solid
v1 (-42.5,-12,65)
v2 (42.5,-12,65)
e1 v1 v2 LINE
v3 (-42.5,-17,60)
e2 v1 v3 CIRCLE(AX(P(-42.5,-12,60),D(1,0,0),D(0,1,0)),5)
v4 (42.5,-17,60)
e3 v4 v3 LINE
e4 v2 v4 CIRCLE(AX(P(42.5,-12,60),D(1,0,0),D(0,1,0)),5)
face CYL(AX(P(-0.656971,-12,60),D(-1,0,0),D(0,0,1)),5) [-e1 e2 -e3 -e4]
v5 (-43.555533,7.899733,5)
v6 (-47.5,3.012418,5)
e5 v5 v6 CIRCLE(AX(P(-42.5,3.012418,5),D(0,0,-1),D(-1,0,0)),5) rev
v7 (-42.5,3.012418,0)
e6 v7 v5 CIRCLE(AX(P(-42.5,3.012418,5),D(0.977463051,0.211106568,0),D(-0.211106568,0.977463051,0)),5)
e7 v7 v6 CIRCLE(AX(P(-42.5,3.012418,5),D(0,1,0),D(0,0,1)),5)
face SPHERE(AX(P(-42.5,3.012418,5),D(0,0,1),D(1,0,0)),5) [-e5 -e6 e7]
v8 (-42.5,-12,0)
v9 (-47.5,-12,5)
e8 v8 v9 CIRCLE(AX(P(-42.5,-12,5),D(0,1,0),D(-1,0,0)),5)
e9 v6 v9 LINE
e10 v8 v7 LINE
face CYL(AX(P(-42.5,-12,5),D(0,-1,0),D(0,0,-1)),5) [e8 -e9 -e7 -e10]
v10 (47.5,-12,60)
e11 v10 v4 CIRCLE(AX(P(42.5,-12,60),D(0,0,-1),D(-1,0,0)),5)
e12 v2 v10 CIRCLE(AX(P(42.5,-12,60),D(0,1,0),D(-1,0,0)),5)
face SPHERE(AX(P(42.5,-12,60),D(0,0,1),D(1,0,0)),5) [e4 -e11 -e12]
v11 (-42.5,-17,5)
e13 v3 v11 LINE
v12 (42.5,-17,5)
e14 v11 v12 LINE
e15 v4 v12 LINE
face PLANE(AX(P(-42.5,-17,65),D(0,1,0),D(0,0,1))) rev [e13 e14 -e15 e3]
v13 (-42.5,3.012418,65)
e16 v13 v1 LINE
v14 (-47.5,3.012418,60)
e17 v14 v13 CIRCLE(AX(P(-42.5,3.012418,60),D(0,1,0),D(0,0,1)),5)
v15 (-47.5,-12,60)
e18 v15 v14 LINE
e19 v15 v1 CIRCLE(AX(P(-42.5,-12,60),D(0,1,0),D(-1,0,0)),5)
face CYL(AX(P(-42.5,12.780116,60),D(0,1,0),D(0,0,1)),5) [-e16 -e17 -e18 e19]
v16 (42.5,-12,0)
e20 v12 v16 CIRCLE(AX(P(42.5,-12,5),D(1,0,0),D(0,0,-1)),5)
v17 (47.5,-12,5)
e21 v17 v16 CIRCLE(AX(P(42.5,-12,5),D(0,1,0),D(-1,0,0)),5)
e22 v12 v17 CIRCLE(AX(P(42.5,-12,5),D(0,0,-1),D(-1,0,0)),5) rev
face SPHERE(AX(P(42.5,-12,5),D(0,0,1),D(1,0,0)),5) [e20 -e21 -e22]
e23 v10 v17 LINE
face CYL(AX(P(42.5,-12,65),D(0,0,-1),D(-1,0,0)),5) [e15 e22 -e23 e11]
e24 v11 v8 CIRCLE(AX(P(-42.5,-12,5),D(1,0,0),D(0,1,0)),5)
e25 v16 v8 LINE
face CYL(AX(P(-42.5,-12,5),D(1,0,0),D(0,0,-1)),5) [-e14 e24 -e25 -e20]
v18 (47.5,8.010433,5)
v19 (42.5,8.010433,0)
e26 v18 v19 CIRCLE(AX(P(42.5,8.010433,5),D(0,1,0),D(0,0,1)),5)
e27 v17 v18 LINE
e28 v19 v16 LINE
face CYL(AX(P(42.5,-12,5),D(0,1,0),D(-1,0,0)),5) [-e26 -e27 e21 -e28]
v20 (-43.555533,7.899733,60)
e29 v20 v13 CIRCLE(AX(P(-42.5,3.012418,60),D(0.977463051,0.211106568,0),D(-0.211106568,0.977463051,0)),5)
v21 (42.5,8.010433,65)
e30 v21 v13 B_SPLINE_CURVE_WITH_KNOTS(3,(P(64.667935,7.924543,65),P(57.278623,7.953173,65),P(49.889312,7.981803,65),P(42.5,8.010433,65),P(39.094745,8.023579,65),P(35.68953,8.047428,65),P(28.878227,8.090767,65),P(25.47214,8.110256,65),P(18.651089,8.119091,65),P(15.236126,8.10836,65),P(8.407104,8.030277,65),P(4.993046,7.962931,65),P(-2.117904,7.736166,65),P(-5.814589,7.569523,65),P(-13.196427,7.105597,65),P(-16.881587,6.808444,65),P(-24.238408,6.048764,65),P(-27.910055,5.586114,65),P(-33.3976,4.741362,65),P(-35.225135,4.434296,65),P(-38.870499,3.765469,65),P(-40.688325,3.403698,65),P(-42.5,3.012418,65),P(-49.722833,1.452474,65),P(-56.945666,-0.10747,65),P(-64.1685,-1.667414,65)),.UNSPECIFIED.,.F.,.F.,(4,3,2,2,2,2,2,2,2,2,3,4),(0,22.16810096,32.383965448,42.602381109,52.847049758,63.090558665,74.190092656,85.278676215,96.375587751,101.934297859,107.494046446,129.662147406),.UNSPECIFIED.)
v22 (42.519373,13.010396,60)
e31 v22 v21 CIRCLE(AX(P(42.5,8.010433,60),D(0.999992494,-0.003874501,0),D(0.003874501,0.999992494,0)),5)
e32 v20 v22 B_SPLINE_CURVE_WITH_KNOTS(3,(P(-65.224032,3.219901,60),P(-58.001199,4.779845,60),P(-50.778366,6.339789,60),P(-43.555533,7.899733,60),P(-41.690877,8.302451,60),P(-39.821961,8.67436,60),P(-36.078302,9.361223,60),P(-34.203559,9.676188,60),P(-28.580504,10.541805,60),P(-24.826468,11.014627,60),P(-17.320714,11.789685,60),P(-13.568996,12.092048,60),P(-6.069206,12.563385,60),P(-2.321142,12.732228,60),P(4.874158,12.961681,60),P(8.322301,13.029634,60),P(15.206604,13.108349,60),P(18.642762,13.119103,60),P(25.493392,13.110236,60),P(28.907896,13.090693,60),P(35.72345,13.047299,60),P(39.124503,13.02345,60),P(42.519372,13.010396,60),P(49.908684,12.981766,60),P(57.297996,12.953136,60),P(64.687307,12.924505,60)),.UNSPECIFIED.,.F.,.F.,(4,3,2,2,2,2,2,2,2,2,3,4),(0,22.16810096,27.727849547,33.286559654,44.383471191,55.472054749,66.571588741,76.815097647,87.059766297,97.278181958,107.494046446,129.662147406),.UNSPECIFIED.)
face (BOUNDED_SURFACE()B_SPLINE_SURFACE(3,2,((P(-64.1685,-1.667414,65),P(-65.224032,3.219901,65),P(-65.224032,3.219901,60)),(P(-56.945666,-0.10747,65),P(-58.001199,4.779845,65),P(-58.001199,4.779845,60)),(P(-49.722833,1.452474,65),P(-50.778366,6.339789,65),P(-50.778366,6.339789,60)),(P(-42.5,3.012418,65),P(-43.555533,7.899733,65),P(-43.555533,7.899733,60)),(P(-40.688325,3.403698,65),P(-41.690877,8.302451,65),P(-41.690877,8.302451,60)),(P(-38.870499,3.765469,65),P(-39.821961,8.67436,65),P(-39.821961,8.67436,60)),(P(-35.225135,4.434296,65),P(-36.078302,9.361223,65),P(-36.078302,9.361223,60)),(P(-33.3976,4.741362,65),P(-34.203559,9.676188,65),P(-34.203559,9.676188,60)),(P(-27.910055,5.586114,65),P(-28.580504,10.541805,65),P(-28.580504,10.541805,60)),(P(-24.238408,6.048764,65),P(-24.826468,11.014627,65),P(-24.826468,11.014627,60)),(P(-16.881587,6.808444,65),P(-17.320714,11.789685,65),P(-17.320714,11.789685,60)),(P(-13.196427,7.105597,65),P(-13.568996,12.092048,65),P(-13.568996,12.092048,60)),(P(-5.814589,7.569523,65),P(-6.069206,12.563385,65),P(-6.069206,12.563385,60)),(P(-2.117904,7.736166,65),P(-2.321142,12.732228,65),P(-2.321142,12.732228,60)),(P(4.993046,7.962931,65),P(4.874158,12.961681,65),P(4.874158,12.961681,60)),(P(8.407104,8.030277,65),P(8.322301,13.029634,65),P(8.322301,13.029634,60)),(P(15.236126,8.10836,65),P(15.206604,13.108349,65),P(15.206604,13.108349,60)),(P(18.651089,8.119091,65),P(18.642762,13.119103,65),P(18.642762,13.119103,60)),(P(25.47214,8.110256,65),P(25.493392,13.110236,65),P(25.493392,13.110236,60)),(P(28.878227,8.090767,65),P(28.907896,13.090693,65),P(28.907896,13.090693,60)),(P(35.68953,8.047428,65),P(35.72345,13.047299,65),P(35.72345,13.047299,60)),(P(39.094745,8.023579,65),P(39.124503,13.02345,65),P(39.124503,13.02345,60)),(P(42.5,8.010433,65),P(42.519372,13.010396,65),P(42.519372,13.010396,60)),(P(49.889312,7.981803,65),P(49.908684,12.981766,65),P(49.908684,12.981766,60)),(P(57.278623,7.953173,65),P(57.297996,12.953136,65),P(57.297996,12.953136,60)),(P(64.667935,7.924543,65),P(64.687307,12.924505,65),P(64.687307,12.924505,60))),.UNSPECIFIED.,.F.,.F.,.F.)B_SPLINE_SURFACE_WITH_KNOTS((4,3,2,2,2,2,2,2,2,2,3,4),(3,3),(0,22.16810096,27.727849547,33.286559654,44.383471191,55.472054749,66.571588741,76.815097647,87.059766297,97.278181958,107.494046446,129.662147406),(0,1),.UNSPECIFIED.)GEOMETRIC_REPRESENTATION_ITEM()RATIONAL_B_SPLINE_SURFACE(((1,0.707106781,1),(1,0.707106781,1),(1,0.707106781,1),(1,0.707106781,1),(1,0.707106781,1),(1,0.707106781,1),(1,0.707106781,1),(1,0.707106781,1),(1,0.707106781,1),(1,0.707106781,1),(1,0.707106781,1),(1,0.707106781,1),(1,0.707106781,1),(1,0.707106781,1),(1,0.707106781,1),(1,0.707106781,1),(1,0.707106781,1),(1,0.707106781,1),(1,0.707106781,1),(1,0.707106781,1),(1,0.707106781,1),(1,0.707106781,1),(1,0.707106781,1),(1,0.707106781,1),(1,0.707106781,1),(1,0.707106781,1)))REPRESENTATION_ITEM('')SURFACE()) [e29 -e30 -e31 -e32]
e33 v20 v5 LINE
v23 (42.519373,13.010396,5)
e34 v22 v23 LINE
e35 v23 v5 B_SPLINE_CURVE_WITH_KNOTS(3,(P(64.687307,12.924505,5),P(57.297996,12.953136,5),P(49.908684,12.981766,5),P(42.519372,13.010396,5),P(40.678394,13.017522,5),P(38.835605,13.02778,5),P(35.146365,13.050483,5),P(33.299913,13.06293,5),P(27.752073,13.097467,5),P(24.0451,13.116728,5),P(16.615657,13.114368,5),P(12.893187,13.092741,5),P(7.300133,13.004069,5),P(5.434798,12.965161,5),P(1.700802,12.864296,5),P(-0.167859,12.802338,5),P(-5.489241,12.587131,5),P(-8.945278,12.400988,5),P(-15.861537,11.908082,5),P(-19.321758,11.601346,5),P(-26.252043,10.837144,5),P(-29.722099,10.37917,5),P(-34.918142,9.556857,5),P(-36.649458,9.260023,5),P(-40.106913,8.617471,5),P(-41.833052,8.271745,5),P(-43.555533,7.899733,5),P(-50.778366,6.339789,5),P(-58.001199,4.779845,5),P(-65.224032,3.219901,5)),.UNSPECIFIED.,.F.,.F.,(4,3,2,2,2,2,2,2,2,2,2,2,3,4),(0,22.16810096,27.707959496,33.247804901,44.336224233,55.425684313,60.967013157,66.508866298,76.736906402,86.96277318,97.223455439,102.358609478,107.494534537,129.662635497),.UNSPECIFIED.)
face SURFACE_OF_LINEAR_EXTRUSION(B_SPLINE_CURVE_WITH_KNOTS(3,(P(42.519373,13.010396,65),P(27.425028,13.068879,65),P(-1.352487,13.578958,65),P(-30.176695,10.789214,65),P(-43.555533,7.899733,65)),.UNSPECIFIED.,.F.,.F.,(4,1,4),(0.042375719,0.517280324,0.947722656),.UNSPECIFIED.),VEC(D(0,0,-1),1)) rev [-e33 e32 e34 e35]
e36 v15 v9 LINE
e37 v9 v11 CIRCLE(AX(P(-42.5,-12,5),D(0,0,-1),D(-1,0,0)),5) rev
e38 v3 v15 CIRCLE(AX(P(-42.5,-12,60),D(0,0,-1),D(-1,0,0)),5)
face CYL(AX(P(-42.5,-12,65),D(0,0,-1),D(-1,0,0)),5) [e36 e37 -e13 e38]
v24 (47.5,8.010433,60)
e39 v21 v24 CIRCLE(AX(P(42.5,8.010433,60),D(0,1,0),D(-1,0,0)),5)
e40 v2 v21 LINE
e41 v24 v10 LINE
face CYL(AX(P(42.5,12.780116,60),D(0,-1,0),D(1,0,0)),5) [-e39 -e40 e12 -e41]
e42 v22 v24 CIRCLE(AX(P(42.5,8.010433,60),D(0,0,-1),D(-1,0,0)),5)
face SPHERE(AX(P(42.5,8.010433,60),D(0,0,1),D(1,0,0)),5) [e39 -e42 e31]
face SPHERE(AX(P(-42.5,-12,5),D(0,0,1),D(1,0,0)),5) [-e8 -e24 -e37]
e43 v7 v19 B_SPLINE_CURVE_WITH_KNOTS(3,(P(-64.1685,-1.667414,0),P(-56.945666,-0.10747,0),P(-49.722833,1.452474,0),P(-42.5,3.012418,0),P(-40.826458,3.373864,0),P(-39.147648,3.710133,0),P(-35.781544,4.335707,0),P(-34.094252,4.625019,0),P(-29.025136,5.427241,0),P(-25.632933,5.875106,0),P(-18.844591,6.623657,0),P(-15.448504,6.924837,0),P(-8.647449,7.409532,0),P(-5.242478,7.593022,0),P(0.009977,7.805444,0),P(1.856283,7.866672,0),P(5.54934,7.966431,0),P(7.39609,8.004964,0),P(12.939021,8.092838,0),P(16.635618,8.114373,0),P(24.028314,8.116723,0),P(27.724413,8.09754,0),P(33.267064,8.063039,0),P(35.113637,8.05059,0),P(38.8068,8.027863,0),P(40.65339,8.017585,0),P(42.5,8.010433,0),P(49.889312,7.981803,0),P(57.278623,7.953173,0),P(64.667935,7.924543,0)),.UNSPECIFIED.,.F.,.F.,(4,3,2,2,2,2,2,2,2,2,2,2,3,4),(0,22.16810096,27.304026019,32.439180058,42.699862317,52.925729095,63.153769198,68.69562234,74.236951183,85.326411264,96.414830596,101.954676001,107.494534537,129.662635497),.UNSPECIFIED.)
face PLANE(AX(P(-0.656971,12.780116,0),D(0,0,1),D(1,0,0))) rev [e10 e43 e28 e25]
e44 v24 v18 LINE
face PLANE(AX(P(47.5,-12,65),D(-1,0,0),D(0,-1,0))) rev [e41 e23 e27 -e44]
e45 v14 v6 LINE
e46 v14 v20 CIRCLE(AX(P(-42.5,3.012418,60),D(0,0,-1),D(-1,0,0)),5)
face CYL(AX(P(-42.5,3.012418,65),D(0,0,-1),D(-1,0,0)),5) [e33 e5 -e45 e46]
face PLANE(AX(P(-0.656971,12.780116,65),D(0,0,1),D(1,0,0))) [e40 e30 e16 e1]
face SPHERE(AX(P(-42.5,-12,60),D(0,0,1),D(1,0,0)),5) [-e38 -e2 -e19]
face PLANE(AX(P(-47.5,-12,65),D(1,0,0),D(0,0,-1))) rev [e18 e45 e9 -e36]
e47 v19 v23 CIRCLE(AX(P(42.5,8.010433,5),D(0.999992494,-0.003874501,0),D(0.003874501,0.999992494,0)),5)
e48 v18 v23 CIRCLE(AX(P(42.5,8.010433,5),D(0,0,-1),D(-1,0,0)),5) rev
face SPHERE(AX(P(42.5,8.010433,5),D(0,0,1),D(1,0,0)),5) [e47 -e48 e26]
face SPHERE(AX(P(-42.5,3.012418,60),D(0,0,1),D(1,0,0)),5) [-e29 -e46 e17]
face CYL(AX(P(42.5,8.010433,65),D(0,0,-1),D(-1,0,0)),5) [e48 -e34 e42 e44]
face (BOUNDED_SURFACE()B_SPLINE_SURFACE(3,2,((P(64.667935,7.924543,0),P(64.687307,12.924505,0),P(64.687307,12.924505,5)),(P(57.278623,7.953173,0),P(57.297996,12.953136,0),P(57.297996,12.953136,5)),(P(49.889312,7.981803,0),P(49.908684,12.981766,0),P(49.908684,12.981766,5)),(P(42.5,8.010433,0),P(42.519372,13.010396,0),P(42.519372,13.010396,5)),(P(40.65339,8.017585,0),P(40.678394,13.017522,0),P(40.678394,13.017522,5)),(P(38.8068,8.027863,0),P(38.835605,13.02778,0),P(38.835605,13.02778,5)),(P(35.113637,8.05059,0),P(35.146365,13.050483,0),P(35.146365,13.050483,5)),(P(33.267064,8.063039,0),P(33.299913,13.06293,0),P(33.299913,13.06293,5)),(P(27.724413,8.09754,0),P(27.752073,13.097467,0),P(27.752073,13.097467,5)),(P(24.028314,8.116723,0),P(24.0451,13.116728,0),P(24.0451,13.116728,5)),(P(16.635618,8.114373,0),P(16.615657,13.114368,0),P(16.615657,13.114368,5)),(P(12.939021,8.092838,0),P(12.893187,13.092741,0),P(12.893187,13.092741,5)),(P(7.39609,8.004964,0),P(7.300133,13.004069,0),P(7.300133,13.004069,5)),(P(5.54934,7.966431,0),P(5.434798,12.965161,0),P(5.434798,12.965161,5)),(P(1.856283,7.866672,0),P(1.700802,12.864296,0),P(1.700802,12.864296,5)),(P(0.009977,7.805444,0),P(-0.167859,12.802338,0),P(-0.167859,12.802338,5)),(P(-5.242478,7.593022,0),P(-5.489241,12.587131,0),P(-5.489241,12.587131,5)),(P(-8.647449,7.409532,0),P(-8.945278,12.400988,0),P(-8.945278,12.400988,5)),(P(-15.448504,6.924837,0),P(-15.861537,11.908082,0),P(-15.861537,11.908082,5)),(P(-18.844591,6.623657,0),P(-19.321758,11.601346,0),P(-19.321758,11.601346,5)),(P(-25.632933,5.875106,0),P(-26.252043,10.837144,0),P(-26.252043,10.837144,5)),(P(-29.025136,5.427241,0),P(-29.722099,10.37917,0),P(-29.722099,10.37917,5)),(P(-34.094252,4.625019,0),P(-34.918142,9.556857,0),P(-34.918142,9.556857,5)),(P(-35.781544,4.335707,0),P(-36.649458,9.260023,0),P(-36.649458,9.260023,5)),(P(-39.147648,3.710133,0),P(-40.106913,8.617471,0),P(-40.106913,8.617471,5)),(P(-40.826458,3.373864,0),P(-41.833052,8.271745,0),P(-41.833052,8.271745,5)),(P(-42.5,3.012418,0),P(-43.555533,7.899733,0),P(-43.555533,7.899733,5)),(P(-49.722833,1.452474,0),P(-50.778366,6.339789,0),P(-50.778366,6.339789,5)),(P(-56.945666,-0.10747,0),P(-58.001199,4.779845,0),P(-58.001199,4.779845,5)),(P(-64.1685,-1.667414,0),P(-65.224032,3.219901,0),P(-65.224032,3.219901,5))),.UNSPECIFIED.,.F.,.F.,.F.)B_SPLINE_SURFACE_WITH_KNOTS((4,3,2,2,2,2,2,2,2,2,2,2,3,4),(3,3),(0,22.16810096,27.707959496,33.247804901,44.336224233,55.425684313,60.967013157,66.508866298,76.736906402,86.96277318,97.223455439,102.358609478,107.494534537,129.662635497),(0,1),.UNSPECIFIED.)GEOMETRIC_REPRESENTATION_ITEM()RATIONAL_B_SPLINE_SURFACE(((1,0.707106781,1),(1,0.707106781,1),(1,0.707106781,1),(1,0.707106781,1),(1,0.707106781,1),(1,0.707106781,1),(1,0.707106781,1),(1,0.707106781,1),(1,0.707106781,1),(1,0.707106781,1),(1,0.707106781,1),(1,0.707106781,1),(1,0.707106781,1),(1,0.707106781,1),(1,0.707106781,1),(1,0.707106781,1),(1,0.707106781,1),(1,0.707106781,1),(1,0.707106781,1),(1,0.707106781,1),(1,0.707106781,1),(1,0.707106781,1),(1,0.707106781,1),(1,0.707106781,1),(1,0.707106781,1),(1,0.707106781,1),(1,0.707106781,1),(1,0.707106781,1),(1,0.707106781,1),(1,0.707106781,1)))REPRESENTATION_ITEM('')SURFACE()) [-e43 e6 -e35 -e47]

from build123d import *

# Parameters (mm, degrees)
BOSS_EXTRUDE1_DEPTH = 65
FILLET1_R           = 5


with BuildPart() as part:
    # Sketch1 → Boss-Extrude1 (new body)
    with BuildSketch(Plane.XY):
        with BuildLine():
            Line((-42.5, -17), (42.5, -17))
            ThreePointArc((42.5, -17), (46.035533906, -15.535533906), (47.5, -12))
            Line((47.5, -12), (47.5, 8.010433268))
            ThreePointArc((47.5, 8.010433268), (46.0423765, 11.539111311), (42.519372507, 13.010395738))
            add(Edge.make_bspline(
                [(-43.555532841, 7.899733163), (-30.176694997, 10.789213784), (-1.352486938, 13.578958487), (27.425027944, 13.068879237), (42.519372507, 13.010395738)],
                knots=[0.042375719, 0.042375719, 0.042375719, 0.042375719, 0.472818051, 0.947722656, 0.947722656, 0.947722656, 0.947722656], degree=3))
            ThreePointArc((-43.555532841, 7.899733163), (-46.390865213, 6.152667561), (-47.5, 3.012417906))
            Line((-47.5, 3.012417906), (-47.5, -12))
            ThreePointArc((-47.5, -12), (-46.035533906, -15.535533906), (-42.5, -17))
        make_face()
    extrude(amount=BOSS_EXTRUDE1_DEPTH)

    # Fillet1
    fillet1_edges = [part.edges().sort_by_distance(p)[0] for p in [
        (-47.5, -4.493791047, 65),
        (-46.390865213, 6.152667561, 0),
        (-0.682392831, 12.779176888, 0),
        (-46.035533906, -15.535533906, 65),
        (0, -17, 65),
        (46.035533906, -15.535533906, 65),
        (47.5, -1.994783366, 65),
        (46.0423765, 11.539111311, 65),
        (-0.682392831, 12.779176888, 65),
        (-46.390865213, 6.152667561, 65),
        (46.0423765, 11.539111311, 0),
        (47.5, -1.994783366, 0),
        (46.035533906, -15.535533906, 0),
        (0, -17, 0),
        (-46.035533906, -15.535533906, 0),
        (-47.5, -4.493791047, 0),
    ]]
    fillet(fillet1_edges, radius=FILLET1_R)


solid = part.part
